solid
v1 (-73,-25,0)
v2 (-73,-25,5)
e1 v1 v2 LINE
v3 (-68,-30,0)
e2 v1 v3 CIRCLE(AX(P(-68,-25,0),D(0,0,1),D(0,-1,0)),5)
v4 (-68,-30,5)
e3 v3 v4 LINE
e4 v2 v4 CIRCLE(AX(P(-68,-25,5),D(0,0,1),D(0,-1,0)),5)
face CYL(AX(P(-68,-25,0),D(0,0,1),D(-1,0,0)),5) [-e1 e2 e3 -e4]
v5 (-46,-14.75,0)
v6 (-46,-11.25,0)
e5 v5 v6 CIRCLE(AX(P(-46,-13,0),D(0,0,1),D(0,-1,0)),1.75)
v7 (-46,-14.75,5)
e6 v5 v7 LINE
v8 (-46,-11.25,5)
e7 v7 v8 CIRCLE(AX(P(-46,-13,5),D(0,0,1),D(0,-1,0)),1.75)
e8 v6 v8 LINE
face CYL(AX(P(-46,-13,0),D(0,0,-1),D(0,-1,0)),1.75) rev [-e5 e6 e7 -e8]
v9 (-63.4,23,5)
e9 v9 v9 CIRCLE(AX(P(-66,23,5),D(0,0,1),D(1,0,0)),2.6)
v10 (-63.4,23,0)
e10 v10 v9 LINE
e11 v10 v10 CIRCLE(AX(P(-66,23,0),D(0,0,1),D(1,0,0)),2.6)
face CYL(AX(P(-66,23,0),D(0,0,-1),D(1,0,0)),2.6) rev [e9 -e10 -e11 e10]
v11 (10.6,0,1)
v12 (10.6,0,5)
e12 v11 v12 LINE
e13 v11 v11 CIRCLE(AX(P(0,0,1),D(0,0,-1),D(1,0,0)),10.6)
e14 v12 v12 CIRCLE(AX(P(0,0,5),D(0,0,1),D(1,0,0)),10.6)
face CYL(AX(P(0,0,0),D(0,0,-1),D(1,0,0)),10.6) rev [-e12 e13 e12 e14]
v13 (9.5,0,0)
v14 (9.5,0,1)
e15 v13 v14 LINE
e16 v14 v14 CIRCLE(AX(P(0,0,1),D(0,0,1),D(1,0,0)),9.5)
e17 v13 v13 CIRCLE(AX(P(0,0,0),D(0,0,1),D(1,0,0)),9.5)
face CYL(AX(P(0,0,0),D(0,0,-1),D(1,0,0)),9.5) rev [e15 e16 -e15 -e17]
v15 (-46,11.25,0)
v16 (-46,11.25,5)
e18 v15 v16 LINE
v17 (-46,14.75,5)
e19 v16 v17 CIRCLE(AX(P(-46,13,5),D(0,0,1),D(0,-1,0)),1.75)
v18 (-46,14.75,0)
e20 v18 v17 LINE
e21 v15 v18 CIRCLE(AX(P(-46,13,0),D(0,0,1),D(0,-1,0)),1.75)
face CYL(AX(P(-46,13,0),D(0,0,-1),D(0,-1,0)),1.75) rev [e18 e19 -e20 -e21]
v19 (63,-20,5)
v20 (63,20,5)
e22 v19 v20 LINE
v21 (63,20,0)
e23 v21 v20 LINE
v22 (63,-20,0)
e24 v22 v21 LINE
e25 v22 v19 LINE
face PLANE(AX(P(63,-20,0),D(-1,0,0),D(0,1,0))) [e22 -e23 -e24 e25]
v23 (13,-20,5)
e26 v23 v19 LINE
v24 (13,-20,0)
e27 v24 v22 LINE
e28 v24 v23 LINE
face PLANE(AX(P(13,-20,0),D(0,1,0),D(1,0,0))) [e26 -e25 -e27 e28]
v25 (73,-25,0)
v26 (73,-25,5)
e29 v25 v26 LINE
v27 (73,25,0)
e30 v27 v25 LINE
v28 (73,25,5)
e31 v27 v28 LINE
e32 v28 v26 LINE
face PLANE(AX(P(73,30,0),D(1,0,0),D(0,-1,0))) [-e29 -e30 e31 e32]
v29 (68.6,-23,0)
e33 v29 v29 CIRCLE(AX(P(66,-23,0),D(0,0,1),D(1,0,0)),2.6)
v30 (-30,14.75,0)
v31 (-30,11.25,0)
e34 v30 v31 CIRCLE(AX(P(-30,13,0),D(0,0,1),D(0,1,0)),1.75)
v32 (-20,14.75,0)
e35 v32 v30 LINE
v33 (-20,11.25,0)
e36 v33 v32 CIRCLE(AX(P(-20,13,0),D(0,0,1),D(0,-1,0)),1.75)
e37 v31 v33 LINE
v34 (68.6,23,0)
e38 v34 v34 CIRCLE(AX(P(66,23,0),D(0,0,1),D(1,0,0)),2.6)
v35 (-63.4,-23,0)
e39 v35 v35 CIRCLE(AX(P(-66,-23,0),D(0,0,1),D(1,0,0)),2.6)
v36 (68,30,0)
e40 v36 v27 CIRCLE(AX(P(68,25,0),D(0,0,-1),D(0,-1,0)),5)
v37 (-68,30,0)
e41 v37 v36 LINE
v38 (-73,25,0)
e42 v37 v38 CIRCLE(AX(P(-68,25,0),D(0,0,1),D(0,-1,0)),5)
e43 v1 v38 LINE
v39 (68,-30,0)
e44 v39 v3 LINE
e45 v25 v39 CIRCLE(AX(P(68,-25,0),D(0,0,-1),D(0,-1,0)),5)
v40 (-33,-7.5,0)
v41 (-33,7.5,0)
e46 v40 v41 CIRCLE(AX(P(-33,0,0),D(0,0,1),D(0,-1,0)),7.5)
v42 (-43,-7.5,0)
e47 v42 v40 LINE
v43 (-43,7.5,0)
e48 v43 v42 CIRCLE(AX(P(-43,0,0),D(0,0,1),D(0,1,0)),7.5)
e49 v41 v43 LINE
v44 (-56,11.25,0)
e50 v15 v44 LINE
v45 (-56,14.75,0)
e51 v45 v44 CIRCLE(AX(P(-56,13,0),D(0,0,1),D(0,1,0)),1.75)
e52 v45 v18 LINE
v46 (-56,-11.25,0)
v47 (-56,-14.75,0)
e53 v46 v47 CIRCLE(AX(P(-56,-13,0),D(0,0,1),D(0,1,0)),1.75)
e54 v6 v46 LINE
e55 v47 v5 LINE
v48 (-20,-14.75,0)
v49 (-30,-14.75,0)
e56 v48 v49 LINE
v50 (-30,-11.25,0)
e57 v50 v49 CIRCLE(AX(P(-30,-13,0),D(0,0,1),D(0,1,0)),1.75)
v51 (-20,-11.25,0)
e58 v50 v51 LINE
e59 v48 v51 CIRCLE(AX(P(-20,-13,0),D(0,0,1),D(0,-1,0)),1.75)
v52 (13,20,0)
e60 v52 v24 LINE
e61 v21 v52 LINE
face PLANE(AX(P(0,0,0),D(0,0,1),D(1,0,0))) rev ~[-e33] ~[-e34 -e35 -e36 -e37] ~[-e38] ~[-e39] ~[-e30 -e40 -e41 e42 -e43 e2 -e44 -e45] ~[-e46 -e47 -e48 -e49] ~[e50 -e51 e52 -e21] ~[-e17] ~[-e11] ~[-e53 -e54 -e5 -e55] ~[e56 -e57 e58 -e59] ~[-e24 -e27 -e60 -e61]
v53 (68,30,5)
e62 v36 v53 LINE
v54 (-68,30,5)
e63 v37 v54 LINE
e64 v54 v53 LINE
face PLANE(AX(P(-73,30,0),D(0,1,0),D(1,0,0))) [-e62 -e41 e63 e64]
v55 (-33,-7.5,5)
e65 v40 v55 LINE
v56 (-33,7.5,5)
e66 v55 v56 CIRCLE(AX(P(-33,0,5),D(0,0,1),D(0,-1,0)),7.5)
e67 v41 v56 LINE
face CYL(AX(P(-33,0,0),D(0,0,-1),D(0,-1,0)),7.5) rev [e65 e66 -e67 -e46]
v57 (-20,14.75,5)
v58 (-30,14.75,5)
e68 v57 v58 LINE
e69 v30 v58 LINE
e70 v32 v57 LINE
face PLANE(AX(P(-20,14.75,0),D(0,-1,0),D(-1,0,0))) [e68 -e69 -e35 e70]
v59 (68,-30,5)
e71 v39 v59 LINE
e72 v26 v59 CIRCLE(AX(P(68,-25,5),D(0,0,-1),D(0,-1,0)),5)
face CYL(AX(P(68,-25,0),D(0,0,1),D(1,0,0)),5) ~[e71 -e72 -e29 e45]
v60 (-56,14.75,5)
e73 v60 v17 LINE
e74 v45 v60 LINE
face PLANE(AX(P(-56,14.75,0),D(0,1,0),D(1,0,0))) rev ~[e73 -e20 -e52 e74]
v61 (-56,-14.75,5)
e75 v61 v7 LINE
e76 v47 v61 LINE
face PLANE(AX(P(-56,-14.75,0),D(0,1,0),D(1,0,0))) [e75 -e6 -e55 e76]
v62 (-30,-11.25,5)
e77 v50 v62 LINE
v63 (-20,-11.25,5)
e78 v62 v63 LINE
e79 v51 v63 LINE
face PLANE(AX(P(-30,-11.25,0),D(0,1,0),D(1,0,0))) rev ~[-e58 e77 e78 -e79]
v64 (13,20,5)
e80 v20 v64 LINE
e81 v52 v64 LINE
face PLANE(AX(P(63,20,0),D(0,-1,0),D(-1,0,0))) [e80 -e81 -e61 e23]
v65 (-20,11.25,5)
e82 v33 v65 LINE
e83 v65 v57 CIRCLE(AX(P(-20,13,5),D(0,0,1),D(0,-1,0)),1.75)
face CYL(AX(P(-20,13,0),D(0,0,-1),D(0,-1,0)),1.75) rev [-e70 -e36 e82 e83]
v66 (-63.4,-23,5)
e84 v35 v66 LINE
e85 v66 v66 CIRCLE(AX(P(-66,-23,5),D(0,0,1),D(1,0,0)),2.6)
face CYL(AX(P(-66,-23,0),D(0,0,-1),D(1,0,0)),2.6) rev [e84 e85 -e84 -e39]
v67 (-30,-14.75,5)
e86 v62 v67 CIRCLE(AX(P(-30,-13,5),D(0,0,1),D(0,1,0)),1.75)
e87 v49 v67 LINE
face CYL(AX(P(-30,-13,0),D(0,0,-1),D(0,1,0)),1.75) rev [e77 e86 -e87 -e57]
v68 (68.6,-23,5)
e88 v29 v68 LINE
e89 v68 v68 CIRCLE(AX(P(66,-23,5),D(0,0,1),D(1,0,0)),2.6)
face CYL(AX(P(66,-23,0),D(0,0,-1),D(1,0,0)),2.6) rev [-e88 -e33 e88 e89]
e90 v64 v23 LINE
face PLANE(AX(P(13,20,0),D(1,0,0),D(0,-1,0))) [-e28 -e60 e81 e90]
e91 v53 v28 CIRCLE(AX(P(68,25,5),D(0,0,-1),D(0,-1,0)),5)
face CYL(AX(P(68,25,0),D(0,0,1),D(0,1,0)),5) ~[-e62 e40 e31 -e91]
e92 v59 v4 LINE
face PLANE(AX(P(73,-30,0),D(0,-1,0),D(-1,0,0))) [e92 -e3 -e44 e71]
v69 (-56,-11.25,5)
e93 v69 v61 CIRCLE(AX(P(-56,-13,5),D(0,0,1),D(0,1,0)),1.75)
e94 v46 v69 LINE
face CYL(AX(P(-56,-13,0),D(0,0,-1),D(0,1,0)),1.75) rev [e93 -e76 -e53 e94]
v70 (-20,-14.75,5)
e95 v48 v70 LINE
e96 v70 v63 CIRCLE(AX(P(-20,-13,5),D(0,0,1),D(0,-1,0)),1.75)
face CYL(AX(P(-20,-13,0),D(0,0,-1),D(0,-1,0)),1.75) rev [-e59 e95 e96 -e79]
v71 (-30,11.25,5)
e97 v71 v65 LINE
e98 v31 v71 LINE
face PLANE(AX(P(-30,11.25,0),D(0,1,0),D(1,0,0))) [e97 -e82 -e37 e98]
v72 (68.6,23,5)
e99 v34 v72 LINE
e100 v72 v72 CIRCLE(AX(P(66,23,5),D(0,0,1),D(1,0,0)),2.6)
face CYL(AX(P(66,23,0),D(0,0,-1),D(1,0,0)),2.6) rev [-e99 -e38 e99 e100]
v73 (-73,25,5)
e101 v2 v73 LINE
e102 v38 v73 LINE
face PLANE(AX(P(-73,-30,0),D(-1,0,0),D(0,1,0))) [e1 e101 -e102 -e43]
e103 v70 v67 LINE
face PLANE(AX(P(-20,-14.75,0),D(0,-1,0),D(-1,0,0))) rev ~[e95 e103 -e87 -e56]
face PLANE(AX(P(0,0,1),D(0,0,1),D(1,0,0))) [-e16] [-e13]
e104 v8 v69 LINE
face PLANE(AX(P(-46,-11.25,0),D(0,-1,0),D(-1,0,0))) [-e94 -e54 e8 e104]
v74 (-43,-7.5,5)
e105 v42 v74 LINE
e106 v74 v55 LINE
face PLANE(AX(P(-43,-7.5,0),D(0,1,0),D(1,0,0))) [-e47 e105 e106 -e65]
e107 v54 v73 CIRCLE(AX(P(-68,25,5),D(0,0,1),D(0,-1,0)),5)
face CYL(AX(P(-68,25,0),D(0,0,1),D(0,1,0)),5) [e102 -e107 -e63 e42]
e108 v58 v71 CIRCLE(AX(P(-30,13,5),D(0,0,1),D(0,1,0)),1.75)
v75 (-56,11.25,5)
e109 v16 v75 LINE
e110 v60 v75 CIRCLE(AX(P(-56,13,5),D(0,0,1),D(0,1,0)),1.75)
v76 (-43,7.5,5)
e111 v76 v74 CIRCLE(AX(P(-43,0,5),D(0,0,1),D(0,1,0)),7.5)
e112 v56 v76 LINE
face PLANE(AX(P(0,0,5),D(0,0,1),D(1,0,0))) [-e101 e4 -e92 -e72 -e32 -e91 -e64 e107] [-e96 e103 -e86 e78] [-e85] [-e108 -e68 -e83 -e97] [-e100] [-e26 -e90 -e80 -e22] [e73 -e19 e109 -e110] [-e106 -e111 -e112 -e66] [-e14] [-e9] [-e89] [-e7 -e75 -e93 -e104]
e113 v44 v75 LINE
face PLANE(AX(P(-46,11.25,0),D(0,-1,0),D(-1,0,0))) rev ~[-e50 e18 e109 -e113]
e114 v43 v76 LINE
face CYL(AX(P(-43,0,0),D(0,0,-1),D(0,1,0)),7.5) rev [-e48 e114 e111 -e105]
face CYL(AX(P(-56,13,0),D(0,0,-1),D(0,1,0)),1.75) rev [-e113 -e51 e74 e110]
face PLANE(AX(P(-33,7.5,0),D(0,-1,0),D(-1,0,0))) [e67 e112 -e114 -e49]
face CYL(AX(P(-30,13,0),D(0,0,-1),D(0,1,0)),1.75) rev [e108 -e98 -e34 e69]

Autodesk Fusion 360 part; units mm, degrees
sketch "Sketch1" plane through (0, 0, 0) normal (0, 0, 1) x (1, 0, 0)
  circle A0 centre (0, 0) radius 10.6
  line L0 (-33, 7.5) -> (-43, 7.5)
  arc A1 (-43, 7.5) -> (-43, -7.5) centre (-43, 0) ccw
  line L1 (-43, -7.5) -> (-33, -7.5)
  arc A2 (-33, -7.5) -> (-33, 7.5) centre (-33, 0) ccw
  line L2 (-25.5, 0) -> (-50.5, 0) construction
  line L3 (-20, 14.75) -> (-30, 14.75)
  arc A3 (-30, 14.75) -> (-30, 11.25) centre (-30, 13) ccw
  line L4 (-30, 11.25) -> (-20, 11.25)
  arc A4 (-20, 11.25) -> (-20, 14.75) centre (-20, 13) ccw
  line L5 (-18.25, 13) -> (-31.75, 13) construction
  line L6 (-43, 0) -> (-33, 0) construction
  line L7 (-30, 13) -> (-20, 13) construction
  line L8 (0, 0) -> (-73, 0) construction
  line L9 (-20, -14.75) -> (-30, -14.75)
  arc A5 (-30, -11.25) -> (-30, -14.75) centre (-30, -13) ccw
  line L10 (-30, -11.25) -> (-20, -11.25)
  arc A6 (-20, -14.75) -> (-20, -11.25) centre (-20, -13) ccw
  line L11 (-38, 0) -> (-38, 13) construction
  line L12 (-56, 14.75) -> (-46, 14.75)
  arc A7 (-46, 11.25) -> (-46, 14.75) centre (-46, 13) ccw
  line L13 (-46, 11.25) -> (-56, 11.25)
  arc A8 (-56, 14.75) -> (-56, 11.25) centre (-56, 13) ccw
  line L14 (-56, -14.75) -> (-46, -14.75)
  arc A9 (-56, -11.25) -> (-56, -14.75) centre (-56, -13) ccw
  line L15 (-46, -11.25) -> (-56, -11.25)
  arc A10 (-46, -14.75) -> (-46, -11.25) centre (-46, -13) ccw
  line L16 (-73, 30) -> (73, 30)
  line L17 (73, 30) -> (73, -30)
  line L18 (73, -30) -> (-73, -30)
  line L19 (-73, -30) -> (-73, 30)
  line L20 (-63, 20) -> (-13, 20) construction
  line L21 (-13, 20) -> (-13, -20) construction
  line L22 (-13, -20) -> (-63, -20) construction
  line L23 (-63, -20) -> (-63, 20) construction
  line L24 (0, 30) -> (0, -30) construction
  line L25 (63, 20) -> (13, 20)
  line L26 (63, -20) -> (63, 20)
  line L27 (13, -20) -> (63, -20)
  line L28 (13, 20) -> (13, -20)
  circle A11 centre (-66, 23) radius 2.6
  circle A12 centre (-66, -23) radius 2.6
  circle A13 centre (66, 23) radius 2.6
  circle A14 centre (66, -23) radius 2.6
  point P0 (-38, 0)
  point P1 (0, -30)
  point P2 (-63, 0)
  dimension "d1" = 21.2
  dimension "d2" = 10
  dimension "d3" = 15
  dimension "d4" = 20
  dimension "d5" = 26
  dimension "d6" = 3.5
  dimension "d7" = 26
  dimension "d12" = 7
  dimension "d13" = 7
  dimension "d14" = 7
  dimension "d15" = 10
  dimension "d16" = 10
  dimension "d17" = 5.2
  dimension "d18" = 7
  dimension "d19" = 7
extrude "Extrude1" add sketch "Sketch1" along normal blind 5
sketch "Sketch2" plane through (0, 0, 0) normal (0, 0, 1) x (1, 0, 0)
  circle A0 centre (0, 0) radius 11
  circle A1 centre (0, 0) radius 9.5
  dimension "d22" = 19
  dimension "d23" = 22
extrude "Extrude2" add sketch "Sketch2" along normal blind 1
fillet "Fillet1" radius 5 4 edges at (-73, 30, 2.5) (-73, -30, 2.5) (73, 30, 2.5) (73, -30, 2.5)
